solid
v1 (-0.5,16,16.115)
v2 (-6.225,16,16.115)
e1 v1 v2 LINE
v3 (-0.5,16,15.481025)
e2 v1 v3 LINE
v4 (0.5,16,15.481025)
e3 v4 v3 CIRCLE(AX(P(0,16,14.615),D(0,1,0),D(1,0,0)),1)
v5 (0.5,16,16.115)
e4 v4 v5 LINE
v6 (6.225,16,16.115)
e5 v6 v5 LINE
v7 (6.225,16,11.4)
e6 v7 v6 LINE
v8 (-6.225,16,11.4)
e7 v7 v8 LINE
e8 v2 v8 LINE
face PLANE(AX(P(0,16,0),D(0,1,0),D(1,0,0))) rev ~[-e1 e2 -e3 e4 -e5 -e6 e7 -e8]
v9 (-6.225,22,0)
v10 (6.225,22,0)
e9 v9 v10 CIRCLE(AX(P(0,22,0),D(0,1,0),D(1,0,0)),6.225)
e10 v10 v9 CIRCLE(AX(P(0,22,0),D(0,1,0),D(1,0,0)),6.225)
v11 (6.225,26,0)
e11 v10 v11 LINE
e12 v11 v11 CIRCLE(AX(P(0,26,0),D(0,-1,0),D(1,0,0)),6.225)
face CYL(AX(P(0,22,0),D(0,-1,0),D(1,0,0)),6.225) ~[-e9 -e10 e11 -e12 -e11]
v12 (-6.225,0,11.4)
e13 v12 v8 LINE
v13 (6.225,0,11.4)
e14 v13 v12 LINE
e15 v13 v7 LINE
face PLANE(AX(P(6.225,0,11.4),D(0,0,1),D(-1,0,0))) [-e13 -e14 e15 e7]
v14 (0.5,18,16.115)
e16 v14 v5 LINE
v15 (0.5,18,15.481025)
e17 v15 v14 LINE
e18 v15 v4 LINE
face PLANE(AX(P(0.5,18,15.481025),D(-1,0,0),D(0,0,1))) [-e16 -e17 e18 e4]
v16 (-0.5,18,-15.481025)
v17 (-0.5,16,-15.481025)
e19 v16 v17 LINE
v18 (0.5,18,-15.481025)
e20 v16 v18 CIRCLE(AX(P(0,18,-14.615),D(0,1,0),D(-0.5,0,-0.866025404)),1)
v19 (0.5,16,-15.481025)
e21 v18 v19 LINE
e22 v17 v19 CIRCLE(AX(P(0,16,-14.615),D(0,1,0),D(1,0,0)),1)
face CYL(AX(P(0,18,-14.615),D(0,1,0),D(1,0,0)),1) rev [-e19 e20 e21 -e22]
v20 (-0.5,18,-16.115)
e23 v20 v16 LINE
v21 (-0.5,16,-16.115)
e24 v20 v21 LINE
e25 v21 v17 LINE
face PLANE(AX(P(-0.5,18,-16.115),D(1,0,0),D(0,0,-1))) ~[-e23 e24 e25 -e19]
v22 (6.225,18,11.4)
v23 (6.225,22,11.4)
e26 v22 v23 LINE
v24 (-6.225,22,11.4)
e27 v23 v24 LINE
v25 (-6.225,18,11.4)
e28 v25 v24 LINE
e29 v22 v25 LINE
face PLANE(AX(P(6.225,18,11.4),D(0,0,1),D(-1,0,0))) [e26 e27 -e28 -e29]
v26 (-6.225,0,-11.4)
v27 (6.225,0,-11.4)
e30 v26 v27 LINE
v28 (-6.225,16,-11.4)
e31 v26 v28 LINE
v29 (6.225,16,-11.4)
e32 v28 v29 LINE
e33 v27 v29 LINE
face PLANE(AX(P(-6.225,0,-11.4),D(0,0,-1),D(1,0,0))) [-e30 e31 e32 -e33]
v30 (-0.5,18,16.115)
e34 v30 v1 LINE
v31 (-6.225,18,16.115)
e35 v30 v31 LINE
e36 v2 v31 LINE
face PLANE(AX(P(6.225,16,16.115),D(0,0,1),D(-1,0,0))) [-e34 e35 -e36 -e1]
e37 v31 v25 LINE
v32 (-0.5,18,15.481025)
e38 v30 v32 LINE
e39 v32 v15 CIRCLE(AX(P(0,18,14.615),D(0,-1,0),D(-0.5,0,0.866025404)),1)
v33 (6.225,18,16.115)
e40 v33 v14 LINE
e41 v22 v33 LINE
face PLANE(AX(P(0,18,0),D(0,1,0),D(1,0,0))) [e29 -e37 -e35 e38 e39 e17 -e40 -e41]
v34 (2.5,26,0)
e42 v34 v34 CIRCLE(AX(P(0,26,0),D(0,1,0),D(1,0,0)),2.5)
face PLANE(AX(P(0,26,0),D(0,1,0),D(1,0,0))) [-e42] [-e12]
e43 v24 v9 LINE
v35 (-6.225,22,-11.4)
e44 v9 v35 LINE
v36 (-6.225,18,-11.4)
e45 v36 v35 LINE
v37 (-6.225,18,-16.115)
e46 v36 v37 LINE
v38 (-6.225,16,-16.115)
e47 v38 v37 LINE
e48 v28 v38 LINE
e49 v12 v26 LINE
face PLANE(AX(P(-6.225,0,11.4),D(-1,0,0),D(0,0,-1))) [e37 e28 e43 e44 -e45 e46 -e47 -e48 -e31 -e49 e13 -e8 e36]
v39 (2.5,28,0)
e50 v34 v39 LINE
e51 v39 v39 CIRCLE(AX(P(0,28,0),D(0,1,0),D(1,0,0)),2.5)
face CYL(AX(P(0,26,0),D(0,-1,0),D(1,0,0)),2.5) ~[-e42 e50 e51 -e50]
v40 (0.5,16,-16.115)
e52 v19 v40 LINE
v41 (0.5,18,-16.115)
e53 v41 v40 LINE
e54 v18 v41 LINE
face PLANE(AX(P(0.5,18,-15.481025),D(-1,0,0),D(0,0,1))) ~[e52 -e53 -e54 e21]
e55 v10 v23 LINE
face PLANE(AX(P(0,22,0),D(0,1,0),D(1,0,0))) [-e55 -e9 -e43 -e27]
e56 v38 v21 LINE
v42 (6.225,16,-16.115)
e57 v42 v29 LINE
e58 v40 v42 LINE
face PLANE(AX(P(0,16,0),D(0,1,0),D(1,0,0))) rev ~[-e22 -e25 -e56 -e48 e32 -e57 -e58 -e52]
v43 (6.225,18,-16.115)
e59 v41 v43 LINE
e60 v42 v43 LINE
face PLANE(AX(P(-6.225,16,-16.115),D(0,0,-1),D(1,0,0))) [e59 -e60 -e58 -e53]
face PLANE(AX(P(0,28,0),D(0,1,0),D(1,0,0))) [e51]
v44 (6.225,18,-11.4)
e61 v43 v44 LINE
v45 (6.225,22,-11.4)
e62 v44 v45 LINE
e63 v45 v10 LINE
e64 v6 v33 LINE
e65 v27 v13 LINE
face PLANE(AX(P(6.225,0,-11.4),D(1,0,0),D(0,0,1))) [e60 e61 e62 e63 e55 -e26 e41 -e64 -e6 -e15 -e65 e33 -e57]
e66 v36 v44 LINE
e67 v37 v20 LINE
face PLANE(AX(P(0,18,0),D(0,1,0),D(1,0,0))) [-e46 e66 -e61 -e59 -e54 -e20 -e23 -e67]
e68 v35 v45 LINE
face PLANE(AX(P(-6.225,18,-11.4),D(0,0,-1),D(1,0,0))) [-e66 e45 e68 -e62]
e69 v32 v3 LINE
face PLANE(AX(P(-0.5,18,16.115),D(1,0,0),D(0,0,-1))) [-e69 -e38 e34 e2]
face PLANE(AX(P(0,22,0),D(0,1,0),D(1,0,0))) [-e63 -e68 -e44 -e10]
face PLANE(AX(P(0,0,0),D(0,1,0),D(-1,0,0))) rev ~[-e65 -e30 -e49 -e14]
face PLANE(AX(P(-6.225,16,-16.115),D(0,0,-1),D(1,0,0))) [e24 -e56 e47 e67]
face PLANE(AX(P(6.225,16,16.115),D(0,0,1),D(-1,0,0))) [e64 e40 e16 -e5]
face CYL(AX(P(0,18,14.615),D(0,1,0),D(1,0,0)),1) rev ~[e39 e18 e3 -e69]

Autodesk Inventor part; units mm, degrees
ref_plane "YZ Plane" through (0, 0, 0) normal (1, 0, 0) x (0, 1, 0)
ref_plane "XZ Plane" through (0, 0, 0) normal (0, 1, 0) x (-1, 0, 0)
ref_plane "XY Plane" through (0, 0, 0) normal (0, 0, 1) x (1, 0, 0)
sketch "Sketch1" plane through (0, 0, 0) normal (0, 1, 0) x (-1, 0, 0)
  line L0 (6.225, -11.4) -> (-6.225, -11.4)
  line L1 (-6.225, -11.4) -> (-6.225, 11.4)
  line L2 (-6.225, 11.4) -> (6.225, 11.4)
  line L3 (6.225, 11.4) -> (6.225, -11.4)
  line L4 (0, 0) -> (0, -6.7915)
  line L5 (0, 0) -> (-3.4264, 0)
  point P0 (0, -11.4)
  point P1 (-6.225, 0)
  dimension "d0" = 12.45
  dimension "d1" = 22.8
extrude "Extrusion1" add sketch "Sketch1" along normal blind 16
sketch "Sketch2" plane through (0, 16, 0) normal (0, 1, 0) x (1, 0, 0)
  line L0 (-6.225, 11.4) -> (-6.225, -11.4) projected
  line L1 (6.225, -11.4) -> (6.225, 11.4) projected
  line L2 (6.225, -16.115) -> (-6.225, -16.115)
  line L3 (-6.225, -16.115) -> (-6.225, 16.115)
  line L4 (-6.225, 16.115) -> (6.225, 16.115)
  line L5 (6.225, 16.115) -> (6.225, -16.115)
  point P0 (0, 0)
  point P1 (-6.225, 0)
  point P2 (6.225, 0)
  dimension "d4" = 32.23
extrude "Extrusion2" add sketch "Sketch2" along normal blind 2
sketch "Sketch3" plane through (0, 18, 0) normal (0, 1, 0) x (1, 0, 0)
  line L0 (-6.225, 11.4) -> (6.225, 11.4) projected
  line L1 (6.225, 11.4) -> (6.225, -11.4) projected
  line L2 (6.225, -11.4) -> (-6.225, -11.4) projected
  line L3 (-6.225, -11.4) -> (-6.225, 11.4) projected
  line L4 (6.225, -16.115) -> (-6.225, -16.115) projected
  line L5 (-6.225, -16.115) -> (-6.225, 16.115) projected
  line L6 (-6.225, 16.115) -> (6.225, 16.115) projected
  line L7 (6.225, 16.115) -> (6.225, -16.115) projected
  line L8 (6.225, -16.115) -> (-6.225, -16.115) projected
  line L9 (-6.225, -16.115) -> (-6.225, 16.115) projected
  line L10 (-6.225, 16.115) -> (6.225, 16.115) projected
  line L11 (6.225, 16.115) -> (6.225, -16.115) projected
  point P0 (0, 0)
extrude "Extrusion3" add sketch "Sketch3" along normal blind 4 contours L0 L1 L2 L3
sketch "Sketch4" plane through (0, 22, 0) normal (0, 1, 0) x (1, 0, 0)
  line L0 (-6.225, 11.4) -> (-6.225, -11.4) projected
  line L1 (6.225, -11.4) -> (6.225, 11.4) projected
  circle A0 centre (0, 0) radius 6.225
  circle A1 centre (0, 0) radius 1.5
  point P0 (0, 0)
  dimension "d10" = 3
extrude "Extrusion4" add sketch "Sketch4" along normal blind 4 contours A0 | A1
sketch "Sketch5" plane through (0, 18, 0) normal (0, 1, 0) x (1, 0, 0)
  line L0 (-6.225, -16.115) -> (6.225, -16.115) projected
  line L1 (6.225, -16.115) -> (6.225, -11.4) projected
  circle A0 centre (0, -14.615) radius 1
  line L2 (0.5, -16.115) -> (-0.5, -16.115)
  line L3 (-0.5, -16.115) -> (-0.5, -15.115)
  line L4 (-0.5, -15.115) -> (0.5, -15.115)
  line L5 (0.5, -15.115) -> (0.5, -16.115)
  point P0 (0, 0)
  point P1 (0, -16.115)
  dimension "d15" = 2
  dimension "d16" = 1.5
  dimension "d17" = 1
  dimension "d18" = 1
  dimension "d19" = 6.225
extrude "Extrusion5" cut sketch "Sketch5" against normal blind 4
mirror "Mirror3" about plane through (0, 0, 0) normal (0, 0, 1) of "Extrusion5"
sketch "Sketch11" plane through (0, 26, 0) normal (0, 1, 0) x (1, 0, 0)
  arc A0 (6.225, 0) -> (6.225, 0) centre (0, 0) ccw projected
  circle A1 centre (0, 0) radius 2.5
  point P0 (0, 0)
  dimension "d49" = 5
extrude "Extrusion11" add sketch "Sketch11" along normal blind 2 contours A1
properties material "PPS Plastic"
